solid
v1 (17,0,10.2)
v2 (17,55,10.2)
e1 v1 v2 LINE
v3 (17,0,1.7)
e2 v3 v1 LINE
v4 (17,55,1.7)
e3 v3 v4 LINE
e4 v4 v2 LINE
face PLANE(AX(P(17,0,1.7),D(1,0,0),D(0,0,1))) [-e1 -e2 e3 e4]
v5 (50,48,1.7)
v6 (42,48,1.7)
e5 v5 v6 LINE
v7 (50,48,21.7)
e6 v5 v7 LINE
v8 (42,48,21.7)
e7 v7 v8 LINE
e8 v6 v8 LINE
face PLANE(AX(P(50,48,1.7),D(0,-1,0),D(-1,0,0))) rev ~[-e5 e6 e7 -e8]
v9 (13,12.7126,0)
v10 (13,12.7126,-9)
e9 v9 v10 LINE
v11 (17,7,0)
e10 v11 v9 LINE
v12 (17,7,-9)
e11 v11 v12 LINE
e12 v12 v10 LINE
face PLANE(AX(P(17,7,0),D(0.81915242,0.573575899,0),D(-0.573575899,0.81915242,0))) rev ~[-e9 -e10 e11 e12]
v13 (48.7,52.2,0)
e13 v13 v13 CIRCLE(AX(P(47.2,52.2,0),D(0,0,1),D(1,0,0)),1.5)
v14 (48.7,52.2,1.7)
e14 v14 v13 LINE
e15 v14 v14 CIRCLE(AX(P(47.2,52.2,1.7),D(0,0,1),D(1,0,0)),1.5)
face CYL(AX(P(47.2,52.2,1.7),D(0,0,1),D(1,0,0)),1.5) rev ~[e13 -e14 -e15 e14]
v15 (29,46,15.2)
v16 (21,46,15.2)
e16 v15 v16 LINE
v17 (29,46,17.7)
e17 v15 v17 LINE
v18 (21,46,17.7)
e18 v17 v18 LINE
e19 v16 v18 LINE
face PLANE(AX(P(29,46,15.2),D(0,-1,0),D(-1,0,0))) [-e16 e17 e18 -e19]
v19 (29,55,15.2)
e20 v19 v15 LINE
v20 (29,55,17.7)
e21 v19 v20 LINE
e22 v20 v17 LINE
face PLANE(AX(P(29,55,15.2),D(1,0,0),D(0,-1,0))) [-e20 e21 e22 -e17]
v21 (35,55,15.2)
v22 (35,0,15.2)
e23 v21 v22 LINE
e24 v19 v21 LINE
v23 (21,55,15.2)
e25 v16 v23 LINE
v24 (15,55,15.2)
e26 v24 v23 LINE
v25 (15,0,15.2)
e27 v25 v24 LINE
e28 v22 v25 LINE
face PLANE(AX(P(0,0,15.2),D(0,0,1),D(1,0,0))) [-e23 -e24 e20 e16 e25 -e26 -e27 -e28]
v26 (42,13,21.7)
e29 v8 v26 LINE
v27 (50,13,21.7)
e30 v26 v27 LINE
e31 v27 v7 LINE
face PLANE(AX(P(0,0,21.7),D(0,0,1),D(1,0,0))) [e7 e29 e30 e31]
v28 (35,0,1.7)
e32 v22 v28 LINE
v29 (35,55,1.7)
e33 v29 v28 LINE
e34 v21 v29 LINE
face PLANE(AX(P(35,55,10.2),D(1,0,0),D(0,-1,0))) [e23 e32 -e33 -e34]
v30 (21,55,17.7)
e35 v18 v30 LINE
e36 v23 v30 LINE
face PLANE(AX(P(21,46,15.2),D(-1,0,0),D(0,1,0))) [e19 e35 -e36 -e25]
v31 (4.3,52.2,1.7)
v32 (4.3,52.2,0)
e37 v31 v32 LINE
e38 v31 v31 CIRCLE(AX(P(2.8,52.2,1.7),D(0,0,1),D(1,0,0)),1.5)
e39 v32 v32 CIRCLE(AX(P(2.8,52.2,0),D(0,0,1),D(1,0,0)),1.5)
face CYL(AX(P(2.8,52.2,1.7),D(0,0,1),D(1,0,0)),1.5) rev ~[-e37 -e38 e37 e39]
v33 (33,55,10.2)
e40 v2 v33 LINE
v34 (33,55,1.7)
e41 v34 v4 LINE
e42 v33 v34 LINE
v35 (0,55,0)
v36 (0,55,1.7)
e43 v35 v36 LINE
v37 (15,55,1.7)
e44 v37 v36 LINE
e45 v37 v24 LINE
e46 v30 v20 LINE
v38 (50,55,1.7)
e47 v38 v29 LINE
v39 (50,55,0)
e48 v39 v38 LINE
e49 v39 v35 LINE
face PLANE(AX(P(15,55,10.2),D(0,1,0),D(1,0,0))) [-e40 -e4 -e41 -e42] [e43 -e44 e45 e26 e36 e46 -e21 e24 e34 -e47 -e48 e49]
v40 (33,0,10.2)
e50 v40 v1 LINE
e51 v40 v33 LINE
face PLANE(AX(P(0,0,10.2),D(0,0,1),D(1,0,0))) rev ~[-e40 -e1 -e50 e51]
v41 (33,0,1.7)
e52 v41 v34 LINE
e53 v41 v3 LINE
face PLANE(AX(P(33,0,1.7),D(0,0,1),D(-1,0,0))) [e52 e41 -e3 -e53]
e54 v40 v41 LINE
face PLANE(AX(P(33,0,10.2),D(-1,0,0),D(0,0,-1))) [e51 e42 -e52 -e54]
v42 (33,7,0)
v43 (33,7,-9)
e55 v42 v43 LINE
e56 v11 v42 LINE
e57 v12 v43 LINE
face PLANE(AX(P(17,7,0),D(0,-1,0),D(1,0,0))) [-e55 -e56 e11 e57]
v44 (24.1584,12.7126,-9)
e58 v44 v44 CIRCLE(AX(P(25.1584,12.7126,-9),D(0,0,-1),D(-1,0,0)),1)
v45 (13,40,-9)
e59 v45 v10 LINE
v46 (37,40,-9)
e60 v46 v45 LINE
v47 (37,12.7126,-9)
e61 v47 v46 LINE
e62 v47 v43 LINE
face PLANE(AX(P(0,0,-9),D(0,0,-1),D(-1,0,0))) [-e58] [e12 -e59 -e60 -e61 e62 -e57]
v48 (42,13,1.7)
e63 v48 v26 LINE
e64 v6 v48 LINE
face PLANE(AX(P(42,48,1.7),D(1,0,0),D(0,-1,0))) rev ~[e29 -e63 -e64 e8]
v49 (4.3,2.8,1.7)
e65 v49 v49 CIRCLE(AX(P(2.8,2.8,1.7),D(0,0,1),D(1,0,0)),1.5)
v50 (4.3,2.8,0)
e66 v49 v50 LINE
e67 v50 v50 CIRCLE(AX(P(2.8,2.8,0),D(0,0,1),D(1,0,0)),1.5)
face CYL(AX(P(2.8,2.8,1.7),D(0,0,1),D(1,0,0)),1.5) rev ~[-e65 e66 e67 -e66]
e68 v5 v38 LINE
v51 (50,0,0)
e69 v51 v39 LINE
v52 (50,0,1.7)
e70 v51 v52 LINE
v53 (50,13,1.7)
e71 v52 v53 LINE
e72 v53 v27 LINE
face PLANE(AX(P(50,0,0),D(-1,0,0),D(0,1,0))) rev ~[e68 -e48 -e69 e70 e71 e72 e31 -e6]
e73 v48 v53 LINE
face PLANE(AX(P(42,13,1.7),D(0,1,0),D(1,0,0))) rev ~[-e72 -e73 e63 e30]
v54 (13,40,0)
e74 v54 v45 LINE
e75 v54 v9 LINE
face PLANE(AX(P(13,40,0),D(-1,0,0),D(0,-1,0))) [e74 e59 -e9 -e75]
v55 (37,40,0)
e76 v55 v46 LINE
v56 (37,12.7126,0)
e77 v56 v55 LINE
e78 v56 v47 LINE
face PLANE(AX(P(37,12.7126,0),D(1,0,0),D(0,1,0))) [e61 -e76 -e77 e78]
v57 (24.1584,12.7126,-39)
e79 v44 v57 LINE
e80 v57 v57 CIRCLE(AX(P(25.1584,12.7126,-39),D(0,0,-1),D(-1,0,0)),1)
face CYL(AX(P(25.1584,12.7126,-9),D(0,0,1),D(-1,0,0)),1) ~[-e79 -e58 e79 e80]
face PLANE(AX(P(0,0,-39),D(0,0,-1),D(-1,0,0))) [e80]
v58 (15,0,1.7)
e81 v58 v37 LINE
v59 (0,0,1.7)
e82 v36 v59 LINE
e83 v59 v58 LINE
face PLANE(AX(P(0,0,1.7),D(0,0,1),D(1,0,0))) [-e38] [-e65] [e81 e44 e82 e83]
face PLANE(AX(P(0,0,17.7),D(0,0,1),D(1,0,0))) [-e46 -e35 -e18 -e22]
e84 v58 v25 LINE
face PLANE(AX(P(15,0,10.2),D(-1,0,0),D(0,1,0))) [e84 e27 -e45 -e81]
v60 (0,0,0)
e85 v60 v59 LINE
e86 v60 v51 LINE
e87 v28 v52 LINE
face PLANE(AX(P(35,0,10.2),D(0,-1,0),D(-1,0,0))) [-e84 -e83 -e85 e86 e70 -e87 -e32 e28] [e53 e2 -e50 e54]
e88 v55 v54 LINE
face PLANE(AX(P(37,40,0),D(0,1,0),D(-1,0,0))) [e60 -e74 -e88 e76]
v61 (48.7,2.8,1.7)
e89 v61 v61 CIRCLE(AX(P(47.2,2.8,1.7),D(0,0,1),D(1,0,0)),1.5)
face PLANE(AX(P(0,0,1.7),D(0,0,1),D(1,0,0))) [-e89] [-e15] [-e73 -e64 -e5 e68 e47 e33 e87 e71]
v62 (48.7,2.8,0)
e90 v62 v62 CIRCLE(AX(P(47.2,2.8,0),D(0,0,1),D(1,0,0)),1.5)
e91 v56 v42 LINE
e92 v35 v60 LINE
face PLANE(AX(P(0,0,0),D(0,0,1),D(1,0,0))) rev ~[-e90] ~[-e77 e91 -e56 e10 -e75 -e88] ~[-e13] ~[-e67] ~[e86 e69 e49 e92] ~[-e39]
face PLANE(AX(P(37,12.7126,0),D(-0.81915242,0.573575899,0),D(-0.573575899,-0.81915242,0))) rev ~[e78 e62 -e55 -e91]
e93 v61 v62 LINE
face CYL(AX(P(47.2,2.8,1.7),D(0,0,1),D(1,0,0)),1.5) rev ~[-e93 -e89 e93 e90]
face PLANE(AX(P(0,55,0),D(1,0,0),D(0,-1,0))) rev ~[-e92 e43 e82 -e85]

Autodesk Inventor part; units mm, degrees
ref_plane "YZ Plane" through (0, 0, 0) normal (1, 0, 0) x (0, 1, 0)
ref_plane "XZ Plane" through (0, 0, 0) normal (0, 1, 0) x (-1, 0, 0)
ref_plane "XY Plane" through (0, 0, 0) normal (0, 0, 1) x (1, 0, 0)
sketch "Esquisse1" plane through (0, 0, 0) normal (0, 0, 1) x (1, 0, 0)
  line L0 (0, 0) -> (50, 0)
  line L1 (50, 0) -> (50, 55)
  line L2 (50, 55) -> (0, 55)
  line L3 (0, 55) -> (0, 0)
  dimension "d0" = 50
  dimension "d1" = 55
extrude "Extrusion1" add sketch "Esquisse1" along normal blind 1.7
sketch "Esquisse2" plane through (0, 0, 1.7) normal (0, 0, 1) x (1, 0, 0)
  line L0 (0, 0) -> (50, 0) construction
  line L1 (50, 0) -> (50, 55) construction
  line L2 (50, 55) -> (0, 55) construction
  line L3 (0, 55) -> (0, 0) construction
  line L4 (25, 55) -> (25, 0) construction
  line L5 (0, 27.5) -> (50, 27.5) construction
  circle A0 centre (2.8, 52.2) radius 1.5
  line L6 (2.8, 52.2) -> (2.8, 55) construction
  line L7 (2.8, 52.2) -> (0, 52.2) construction
  circle A1 centre (47.2, 52.2) radius 1.5
  circle A2 centre (2.8, 2.8) radius 1.5
  circle A3 centre (47.2, 2.8) radius 1.5
  dimension "d4" = 2.8
  dimension "d5" = 3
extrude "Extrusion2" cut sketch "Esquisse2" against normal blind 1.7
sketch "Esquisse3" plane through (0, 0, 1.7) normal (0, 0, 1) x (1, 0, 0)
  line L0 (50, 0) -> (50, 55) construction
  line L1 (0, 55) -> (0, 0) construction
  line L2 (15, 55) -> (35, 55)
  line L3 (35, 55) -> (35, 0)
  line L4 (35, 0) -> (15, 0)
  line L5 (15, 0) -> (15, 55)
  line L6 (15, 27.5) -> (0, 27.5) construction
  line L7 (35, 27.5) -> (50, 27.5) construction
  dimension "d8" = 20
  dimension "d9" = 55
extrude "Extrusion3" add sketch "Esquisse3" along normal blind 8.5
sketch "Esquisse4" plane through (0, 0, 0) normal (0, -1, 0) x (1, 0, 0)
  line L0 (0, 0) -> (50, 0) projected
  line L1 (35, 1.7) -> (50, 1.7) projected
  line L2 (35, 1.7) -> (35, 10.2) projected
  line L3 (15, 10.2) -> (35, 10.2) projected
  line L4 (15, 1.7) -> (15, 10.2) projected
  line L5 (17, 10.2) -> (33, 10.2)
  line L6 (33, 10.2) -> (33, 1.7)
  line L7 (33, 1.7) -> (17, 1.7)
  line L8 (17, 1.7) -> (17, 10.2)
  line L9 (25, 1.7) -> (25, 0) construction
  line L10 (39.3041, 1.7) -> (39.3041, 0) construction
  dimension "d12" = 2
  dimension "d13" = 2
extrude "Extrusion4" cut sketch "Esquisse4" against normal through all
sketch "Esquisse5" plane through (0, 0, 10.2) normal (0, 0, 1) x (1, 0, 0)
  line L0 (33, 55) -> (33, 0) construction
  line L1 (35, 55) -> (33, 55) construction
  line L2 (35, 0) -> (35, 55) construction
  line L3 (33, 0) -> (35, 0) construction
  line L4 (15, 55) -> (35, 55)
  line L5 (35, 55) -> (35, 0)
  line L6 (35, 0) -> (15, 0)
  line L7 (15, 0) -> (15, 55)
  point P0 (0, 0)
extrude "Extrusion5" add sketch "Esquisse5" along normal blind 5
sketch "Esquisse6" plane through (0, 0, 15.2) normal (0, 0, 1) x (1, 0, 0)
  line L0 (35, 55) -> (15, 55) construction
  line L1 (15, 55) -> (15, 0) construction
  line L2 (35, 0) -> (35, 55) construction
  line L3 (21, 55) -> (29, 55)
  line L4 (29, 55) -> (29, 46)
  line L5 (29, 46) -> (21, 46)
  line L6 (21, 46) -> (21, 55)
  line L7 (21, 50.5) -> (15, 50.5) construction
  line L8 (29, 50.5) -> (35, 50.5) construction
  point P0 (0, 0)
  dimension "d18" = 8
  dimension "d19" = 9
extrude "Extrusion6" add sketch "Esquisse6" along normal blind 2.5
sketch "Esquisse7" plane through (0, 0, 0) normal (0, 0, -1) x (-1, 0, 0)
  line L0 (0, 0) -> (-50, 0) construction
  line L1 (0, 55) -> (0, 0) construction
  line L2 (-50, 0) -> (-50, 55) construction
  line L3 (-37, 40) -> (-13, 40)
  line L4 (-13, 40) -> (-13, 12.7126)
  line L5 (-17, 7) -> (-33, 7)
  line L6 (-37, 12.7126) -> (-37, 40)
  line L7 (-37, 23.5) -> (-50, 23.5) construction
  line L8 (-13, 23.5) -> (0, 23.5) construction
  line L9 (-37, 12.7126) -> (-33, 7)
  line L10 (-17, 7) -> (-13, 12.7126)
  dimension "d23" = 7
  dimension "d24" = 24
  dimension "d28" = 145
  dimension "d29" = 145
  dimension "d30" = 33
  dimension "d31" = 4
extrude "Extrusion7" add sketch "Esquisse7" along normal blind 9
sketch "Esquisse8" plane through (0, 0, -9) normal (0, 0, -1) x (-1, 0, 0)
  line L0 (-17, 7) -> (-13, 12.7126) construction
  line L1 (-13, 12.7126) -> (-13, 40) construction
  circle A0 centre (-25.1584, 12.7126) radius 1
  line L2 (-13, 12.7126) -> (-37, 12.7126) construction
  line L3 (-33, 7) -> (-25.1584, 12.7126) construction
  line L4 (-25.1584, 12.7126) -> (-17, 7) construction
  point P0 (0, 0)
  dimension "d32" = 2
extrude "Extrusion8" add sketch "Esquisse8" along normal blind 30
sketch "Esquisse9" plane through (0, 0, 1.7) normal (0, 0, 1) x (1, 0, 0)
  line L0 (50, 0) -> (50, 55) construction
  line L1 (50, 55) -> (35, 55) construction
  line L2 (50, 48) -> (42, 48)
  line L3 (42, 48) -> (42, 13)
  line L4 (42, 13) -> (50, 13)
  line L5 (50, 13) -> (50, 48)
  line L6 (42, 48) -> (42, 55) construction
  point P0 (0, 0)
  dimension "d35" = 0
  dimension "d36" = 8
  dimension "d37" = 35
  dimension "d38" = 7
extrude "Extrusion9" add sketch "Esquisse9" along normal blind 20
equation "\"d13\" = d12"
equation "\"d29\" = d28"
properties part number "CarteElectronique"
